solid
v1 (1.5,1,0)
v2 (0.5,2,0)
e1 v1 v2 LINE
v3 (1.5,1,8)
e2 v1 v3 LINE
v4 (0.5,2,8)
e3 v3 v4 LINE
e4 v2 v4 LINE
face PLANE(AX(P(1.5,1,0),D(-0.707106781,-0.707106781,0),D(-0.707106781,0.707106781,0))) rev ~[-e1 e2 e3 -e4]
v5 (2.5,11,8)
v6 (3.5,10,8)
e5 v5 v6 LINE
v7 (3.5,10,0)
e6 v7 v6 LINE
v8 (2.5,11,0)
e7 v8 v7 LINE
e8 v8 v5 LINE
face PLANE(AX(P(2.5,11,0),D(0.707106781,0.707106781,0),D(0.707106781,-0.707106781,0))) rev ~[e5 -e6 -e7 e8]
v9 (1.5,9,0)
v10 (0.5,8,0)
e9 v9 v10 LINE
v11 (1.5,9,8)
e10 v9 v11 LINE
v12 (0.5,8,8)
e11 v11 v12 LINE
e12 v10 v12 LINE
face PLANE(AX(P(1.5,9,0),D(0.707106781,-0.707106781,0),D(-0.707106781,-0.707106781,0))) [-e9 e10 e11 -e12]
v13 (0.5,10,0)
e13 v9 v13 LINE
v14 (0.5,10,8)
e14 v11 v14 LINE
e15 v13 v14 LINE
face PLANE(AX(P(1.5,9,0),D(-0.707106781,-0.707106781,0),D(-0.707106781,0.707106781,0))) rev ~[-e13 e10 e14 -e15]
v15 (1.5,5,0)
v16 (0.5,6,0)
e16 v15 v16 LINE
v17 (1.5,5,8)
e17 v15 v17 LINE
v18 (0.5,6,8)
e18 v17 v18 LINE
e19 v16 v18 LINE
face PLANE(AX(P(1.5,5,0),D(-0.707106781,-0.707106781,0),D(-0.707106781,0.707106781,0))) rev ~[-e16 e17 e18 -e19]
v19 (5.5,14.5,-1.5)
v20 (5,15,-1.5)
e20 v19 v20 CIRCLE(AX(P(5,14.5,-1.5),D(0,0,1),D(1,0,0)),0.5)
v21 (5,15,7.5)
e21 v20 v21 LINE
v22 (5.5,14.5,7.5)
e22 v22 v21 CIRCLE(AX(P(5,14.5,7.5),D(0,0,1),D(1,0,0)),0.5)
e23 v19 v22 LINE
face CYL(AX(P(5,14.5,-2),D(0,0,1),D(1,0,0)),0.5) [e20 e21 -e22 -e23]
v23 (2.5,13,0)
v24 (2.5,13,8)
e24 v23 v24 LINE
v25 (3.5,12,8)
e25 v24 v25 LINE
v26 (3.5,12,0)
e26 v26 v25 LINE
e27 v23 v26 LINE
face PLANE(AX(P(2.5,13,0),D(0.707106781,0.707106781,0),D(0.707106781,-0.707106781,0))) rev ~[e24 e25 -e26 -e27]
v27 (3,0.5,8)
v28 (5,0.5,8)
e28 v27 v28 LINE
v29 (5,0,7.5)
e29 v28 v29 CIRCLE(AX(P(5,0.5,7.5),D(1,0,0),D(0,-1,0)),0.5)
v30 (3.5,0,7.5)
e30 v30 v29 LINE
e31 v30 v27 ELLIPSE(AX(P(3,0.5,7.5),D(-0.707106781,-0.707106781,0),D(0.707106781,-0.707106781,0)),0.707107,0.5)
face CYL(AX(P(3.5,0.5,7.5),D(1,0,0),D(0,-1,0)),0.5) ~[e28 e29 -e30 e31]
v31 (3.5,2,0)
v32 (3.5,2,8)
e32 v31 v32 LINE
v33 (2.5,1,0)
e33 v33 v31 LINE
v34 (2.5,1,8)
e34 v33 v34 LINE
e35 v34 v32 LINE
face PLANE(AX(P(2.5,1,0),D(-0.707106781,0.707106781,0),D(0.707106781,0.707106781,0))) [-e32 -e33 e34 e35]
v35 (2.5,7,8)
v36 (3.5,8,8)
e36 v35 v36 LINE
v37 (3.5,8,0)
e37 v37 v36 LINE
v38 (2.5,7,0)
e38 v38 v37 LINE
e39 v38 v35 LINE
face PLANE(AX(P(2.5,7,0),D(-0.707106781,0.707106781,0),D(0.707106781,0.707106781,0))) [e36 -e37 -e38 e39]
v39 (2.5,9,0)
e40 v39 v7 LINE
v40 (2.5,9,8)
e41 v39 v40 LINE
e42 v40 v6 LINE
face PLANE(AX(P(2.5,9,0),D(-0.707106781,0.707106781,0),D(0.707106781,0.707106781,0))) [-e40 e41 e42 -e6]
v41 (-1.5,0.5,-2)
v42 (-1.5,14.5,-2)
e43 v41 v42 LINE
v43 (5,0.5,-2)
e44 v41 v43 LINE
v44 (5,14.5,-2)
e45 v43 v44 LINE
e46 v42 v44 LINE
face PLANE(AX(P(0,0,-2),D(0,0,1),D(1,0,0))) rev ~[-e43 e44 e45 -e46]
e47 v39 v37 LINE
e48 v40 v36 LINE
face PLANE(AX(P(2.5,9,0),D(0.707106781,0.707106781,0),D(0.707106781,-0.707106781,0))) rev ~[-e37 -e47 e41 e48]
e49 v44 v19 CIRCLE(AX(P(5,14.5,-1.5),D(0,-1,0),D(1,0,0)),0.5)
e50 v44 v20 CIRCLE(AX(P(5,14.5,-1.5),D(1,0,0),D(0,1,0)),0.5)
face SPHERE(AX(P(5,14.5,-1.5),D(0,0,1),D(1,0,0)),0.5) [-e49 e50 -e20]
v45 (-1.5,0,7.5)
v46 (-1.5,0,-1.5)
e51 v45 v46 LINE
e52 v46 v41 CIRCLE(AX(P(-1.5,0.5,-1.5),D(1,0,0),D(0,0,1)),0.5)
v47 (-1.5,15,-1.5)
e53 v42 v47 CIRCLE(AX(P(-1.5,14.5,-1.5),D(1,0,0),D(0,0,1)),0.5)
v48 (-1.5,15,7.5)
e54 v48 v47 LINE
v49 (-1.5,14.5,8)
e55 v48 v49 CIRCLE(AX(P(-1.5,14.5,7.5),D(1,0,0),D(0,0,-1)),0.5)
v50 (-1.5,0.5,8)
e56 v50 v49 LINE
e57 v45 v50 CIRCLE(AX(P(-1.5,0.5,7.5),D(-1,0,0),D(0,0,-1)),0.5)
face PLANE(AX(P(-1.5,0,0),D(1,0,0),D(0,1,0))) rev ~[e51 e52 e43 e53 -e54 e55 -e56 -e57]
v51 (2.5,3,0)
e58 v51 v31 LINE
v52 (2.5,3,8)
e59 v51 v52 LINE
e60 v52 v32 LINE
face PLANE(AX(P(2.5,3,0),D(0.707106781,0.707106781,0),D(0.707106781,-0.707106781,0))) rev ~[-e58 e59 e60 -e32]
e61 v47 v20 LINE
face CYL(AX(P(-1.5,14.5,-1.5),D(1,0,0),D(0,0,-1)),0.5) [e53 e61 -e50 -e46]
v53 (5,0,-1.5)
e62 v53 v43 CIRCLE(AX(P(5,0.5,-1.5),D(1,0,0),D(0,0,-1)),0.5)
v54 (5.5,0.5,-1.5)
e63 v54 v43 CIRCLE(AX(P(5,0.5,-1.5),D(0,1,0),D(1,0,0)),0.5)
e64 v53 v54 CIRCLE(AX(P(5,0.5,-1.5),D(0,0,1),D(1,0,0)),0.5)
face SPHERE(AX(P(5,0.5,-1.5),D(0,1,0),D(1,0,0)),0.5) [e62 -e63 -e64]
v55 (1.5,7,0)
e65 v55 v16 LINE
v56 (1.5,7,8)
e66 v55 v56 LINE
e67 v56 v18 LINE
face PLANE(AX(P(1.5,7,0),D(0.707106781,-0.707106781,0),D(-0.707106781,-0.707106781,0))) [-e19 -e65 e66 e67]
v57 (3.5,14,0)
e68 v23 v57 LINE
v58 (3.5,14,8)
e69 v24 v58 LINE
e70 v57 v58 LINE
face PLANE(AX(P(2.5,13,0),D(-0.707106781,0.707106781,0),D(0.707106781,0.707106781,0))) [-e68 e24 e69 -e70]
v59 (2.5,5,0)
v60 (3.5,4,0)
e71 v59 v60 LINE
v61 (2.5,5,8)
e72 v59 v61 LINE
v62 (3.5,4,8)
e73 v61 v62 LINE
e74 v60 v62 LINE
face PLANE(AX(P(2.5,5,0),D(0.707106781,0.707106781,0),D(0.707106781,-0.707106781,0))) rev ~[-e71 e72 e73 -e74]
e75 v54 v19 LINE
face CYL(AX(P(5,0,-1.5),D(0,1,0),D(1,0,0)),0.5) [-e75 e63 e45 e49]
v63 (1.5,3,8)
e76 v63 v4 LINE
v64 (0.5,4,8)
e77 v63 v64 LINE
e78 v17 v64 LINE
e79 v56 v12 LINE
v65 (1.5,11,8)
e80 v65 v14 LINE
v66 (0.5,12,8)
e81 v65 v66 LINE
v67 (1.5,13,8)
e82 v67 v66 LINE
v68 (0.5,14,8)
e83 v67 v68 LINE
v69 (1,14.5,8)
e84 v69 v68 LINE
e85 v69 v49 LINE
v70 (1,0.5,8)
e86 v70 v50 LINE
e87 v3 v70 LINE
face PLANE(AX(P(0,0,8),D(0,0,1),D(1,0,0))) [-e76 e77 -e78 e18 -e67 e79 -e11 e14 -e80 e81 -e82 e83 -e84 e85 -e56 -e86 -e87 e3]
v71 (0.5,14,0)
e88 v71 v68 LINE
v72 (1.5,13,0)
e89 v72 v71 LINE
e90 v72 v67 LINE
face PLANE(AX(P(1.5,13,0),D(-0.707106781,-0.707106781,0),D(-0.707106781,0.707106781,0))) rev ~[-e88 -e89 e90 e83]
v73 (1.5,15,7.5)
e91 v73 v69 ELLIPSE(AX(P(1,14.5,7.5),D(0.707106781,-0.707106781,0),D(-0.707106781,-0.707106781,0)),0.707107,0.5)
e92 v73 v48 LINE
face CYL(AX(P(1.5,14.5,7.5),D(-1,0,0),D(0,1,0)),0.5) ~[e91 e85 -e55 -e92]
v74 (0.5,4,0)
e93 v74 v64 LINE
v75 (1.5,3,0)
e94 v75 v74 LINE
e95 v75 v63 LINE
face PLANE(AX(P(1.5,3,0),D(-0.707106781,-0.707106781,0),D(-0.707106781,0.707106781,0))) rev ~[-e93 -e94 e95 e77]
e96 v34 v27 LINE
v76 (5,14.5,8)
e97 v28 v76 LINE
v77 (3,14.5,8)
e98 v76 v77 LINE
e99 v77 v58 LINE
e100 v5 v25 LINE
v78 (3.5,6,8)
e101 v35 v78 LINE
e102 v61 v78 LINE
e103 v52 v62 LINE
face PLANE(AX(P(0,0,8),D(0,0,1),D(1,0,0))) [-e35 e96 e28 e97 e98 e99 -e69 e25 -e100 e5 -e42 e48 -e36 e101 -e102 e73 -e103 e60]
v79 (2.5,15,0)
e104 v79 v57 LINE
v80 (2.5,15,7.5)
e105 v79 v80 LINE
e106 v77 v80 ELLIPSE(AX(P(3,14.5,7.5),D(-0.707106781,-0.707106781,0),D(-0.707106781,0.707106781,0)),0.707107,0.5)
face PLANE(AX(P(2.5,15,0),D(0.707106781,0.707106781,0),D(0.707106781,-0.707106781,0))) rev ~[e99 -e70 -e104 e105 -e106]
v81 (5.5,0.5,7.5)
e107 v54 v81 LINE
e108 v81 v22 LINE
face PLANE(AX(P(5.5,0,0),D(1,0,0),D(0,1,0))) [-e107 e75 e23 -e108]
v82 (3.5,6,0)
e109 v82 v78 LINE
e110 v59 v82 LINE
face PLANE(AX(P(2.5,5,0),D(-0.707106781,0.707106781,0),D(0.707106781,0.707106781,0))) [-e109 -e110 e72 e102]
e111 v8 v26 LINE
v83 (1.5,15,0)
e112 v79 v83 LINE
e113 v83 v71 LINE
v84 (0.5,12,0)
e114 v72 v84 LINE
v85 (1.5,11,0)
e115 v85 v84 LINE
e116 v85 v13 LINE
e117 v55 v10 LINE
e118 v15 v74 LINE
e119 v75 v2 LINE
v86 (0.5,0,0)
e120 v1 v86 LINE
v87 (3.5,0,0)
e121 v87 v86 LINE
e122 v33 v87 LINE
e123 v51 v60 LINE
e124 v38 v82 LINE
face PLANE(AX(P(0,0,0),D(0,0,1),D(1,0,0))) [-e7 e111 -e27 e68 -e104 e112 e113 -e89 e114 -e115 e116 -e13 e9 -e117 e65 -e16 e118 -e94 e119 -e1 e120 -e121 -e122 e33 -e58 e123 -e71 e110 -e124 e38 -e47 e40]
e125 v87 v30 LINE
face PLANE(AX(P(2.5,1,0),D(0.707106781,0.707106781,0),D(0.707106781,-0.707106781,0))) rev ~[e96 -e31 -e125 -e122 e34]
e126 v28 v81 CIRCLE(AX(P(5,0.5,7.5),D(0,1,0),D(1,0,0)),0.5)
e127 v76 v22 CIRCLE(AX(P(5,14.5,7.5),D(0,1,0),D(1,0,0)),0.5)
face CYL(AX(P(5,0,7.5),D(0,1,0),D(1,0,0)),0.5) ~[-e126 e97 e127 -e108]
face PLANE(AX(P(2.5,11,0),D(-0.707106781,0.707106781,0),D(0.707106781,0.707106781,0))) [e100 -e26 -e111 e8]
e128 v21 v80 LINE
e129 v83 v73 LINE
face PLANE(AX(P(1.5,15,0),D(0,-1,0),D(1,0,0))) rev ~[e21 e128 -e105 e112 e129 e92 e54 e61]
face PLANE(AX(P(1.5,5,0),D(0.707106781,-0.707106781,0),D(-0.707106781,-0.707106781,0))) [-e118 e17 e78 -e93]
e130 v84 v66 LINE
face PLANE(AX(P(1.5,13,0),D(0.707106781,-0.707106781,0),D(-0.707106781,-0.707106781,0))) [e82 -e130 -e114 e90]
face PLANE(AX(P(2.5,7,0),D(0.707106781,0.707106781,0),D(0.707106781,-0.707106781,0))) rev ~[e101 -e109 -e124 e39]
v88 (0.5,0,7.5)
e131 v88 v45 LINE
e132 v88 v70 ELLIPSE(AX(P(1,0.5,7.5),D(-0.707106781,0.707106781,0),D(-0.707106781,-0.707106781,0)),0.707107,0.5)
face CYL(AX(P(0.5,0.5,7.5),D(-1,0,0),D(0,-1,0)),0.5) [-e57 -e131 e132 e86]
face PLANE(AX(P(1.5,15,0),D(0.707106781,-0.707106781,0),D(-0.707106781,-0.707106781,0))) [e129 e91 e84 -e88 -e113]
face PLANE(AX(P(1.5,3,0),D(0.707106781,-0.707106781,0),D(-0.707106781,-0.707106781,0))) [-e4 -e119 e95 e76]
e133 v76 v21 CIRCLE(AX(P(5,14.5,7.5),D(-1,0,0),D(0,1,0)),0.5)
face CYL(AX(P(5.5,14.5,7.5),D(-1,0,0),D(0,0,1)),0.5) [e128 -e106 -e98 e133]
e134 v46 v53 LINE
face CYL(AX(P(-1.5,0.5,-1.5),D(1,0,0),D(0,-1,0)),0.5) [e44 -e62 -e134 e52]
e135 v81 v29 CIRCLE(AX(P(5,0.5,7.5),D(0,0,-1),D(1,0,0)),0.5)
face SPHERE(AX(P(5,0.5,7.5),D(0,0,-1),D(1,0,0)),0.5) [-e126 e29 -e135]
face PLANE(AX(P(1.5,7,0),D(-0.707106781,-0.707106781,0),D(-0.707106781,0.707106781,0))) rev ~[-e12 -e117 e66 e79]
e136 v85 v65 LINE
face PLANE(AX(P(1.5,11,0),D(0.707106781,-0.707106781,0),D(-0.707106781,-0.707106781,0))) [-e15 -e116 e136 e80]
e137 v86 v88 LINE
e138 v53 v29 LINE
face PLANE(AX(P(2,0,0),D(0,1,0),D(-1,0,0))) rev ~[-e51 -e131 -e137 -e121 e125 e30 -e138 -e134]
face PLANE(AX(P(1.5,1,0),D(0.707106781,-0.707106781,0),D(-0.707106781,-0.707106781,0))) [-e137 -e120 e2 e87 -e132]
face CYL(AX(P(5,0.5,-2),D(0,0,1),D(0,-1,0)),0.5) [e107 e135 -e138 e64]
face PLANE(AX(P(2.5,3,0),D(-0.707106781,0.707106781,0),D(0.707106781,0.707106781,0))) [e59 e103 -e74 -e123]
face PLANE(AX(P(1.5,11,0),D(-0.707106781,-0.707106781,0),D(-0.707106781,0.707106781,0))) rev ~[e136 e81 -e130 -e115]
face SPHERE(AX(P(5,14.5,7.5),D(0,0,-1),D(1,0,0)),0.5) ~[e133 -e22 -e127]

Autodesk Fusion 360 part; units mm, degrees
sketch "Esquisse1" plane through (0, 0, 0) normal (0, 0, 1) x (1, 0, 0)
  line L0 (2, 0) -> (3.5, 0)
  line L1 (3.5, 0) -> (3.5, 15)
  line L2 (3.5, 15) -> (2, 15)
  line L3 (3.5, 0) -> (5.5, 0)
  line L4 (5.5, 0) -> (5.5, 15)
  line L5 (5.5, 15) -> (3.5, 15)
  line L6 (3.5, 15) -> (3.5, 0)
  line L7 (3.5, 15) -> (2.5, 15)
  line L8 (3.5, 15) -> (3.5, 14)
  line L9 (2.5, 15) -> (3.5, 14)
  line L10 (2.5, 13) -> (3.5, 14)
  line L11 (2.5, 13) -> (3.5, 12)
  line L12 (2.5, 11) -> (3.5, 12)
  line L13 (2.5, 7) -> (3.5, 8)
  line L14 (2.5, 9) -> (3.5, 8)
  line L15 (2.5, 9) -> (3.5, 10)
  line L16 (2.5, 11) -> (3.5, 10)
  line L17 (2.5, 1) -> (3.5, 0)
  line L18 (2.5, 1) -> (3.5, 2)
  line L19 (2.5, 3) -> (3.5, 2)
  line L20 (2.5, 3) -> (3.5, 4)
  line L21 (2.5, 5) -> (3.5, 4)
  line L22 (2.5, 5) -> (3.5, 6)
  line L23 (2.5, 7) -> (3.5, 6)
  line L24 (1.5, 7) -> (0.5, 8)
  line L25 (0.5, 15) -> (1.5, 15)
  line L26 (1.5, 9) -> (0.5, 8)
  line L27 (1.5, 15) -> (0.5, 14)
  line L28 (1.5, 11) -> (0.5, 10)
  line L29 (0.5, 15) -> (0.5, 14)
  line L30 (1.5, 1) -> (0.5, 0)
  line L31 (1.5, 5) -> (0.5, 4)
  line L32 (1.5, 3) -> (0.5, 2)
  line L33 (1.5, 7) -> (0.5, 6)
  line L34 (1.5, 13) -> (0.5, 12)
  line L35 (0.5, 0) -> (-1.5, 0)
  line L36 (1.5, 1) -> (0.5, 2)
  line L37 (1.5, 11) -> (0.5, 12)
  line L38 (1.5, 3) -> (0.5, 4)
  line L39 (1.5, 13) -> (0.5, 14)
  line L40 (1.5, 9) -> (0.5, 10)
  line L41 (1.5, 5) -> (0.5, 6)
  line L42 (0.5, 0) -> (0.5, 15)
  line L43 (-1.5, 15) -> (0.5, 15)
  line L44 (0.5, 15) -> (0.5, 0)
  line L45 (-1.5, 0) -> (-1.5, 15)
  line L46 (0.5, 15) -> (2, 15)
  line L47 (2, 0) -> (0.5, 0)
  dimension "d1" = 3.5
  dimension "d2" = 15
  dimension "d3" = 2
  dimension "d5" = 1
  dimension "d6" = 1
extrude "Extrusion1" add sketch "Esquisse1" against normal blind 2
extrude "Extrusion2" add sketch "Esquisse1" along normal blind 8 contours L1 L6 L17 L18 | L1 L3 L4 L5 L6 L8 | L30 L36 L42 L44 | L29 L35 L42 L43 L44 L45 | L1 L6 L19 L20 | L32 L38 L42 L44 | L1 L6 L21 L22 | L31 L41 L42 L44 | L1 L6 L13 L23 | L1 L2 L6 L7 L8 L9 | L25 L27 L29 L42 L44 L46 | L24 L33 L42 L44 | L1 L6 L14 L15 | L1 L6 L10 L11 | L34 L39 L42 L44 | L26 L40 L42 L44 | L1 L6 L12 L16 | L28 L37 L42 L44
fillet "Congé1" radius 0.5 10 edges at (5.5, 15, 3) (5.5, 7.5, -2) (2, 15, -2) (5.5, 0, 3) (2, 0, -2) (5.5, 7.5, 8) (4, 15, 8) (0, 15, 8) (4.5, 0, 8) (-0.5, 0, 8)
equation "d1 = ( 1.75 * 2 ) * 1 mm"
